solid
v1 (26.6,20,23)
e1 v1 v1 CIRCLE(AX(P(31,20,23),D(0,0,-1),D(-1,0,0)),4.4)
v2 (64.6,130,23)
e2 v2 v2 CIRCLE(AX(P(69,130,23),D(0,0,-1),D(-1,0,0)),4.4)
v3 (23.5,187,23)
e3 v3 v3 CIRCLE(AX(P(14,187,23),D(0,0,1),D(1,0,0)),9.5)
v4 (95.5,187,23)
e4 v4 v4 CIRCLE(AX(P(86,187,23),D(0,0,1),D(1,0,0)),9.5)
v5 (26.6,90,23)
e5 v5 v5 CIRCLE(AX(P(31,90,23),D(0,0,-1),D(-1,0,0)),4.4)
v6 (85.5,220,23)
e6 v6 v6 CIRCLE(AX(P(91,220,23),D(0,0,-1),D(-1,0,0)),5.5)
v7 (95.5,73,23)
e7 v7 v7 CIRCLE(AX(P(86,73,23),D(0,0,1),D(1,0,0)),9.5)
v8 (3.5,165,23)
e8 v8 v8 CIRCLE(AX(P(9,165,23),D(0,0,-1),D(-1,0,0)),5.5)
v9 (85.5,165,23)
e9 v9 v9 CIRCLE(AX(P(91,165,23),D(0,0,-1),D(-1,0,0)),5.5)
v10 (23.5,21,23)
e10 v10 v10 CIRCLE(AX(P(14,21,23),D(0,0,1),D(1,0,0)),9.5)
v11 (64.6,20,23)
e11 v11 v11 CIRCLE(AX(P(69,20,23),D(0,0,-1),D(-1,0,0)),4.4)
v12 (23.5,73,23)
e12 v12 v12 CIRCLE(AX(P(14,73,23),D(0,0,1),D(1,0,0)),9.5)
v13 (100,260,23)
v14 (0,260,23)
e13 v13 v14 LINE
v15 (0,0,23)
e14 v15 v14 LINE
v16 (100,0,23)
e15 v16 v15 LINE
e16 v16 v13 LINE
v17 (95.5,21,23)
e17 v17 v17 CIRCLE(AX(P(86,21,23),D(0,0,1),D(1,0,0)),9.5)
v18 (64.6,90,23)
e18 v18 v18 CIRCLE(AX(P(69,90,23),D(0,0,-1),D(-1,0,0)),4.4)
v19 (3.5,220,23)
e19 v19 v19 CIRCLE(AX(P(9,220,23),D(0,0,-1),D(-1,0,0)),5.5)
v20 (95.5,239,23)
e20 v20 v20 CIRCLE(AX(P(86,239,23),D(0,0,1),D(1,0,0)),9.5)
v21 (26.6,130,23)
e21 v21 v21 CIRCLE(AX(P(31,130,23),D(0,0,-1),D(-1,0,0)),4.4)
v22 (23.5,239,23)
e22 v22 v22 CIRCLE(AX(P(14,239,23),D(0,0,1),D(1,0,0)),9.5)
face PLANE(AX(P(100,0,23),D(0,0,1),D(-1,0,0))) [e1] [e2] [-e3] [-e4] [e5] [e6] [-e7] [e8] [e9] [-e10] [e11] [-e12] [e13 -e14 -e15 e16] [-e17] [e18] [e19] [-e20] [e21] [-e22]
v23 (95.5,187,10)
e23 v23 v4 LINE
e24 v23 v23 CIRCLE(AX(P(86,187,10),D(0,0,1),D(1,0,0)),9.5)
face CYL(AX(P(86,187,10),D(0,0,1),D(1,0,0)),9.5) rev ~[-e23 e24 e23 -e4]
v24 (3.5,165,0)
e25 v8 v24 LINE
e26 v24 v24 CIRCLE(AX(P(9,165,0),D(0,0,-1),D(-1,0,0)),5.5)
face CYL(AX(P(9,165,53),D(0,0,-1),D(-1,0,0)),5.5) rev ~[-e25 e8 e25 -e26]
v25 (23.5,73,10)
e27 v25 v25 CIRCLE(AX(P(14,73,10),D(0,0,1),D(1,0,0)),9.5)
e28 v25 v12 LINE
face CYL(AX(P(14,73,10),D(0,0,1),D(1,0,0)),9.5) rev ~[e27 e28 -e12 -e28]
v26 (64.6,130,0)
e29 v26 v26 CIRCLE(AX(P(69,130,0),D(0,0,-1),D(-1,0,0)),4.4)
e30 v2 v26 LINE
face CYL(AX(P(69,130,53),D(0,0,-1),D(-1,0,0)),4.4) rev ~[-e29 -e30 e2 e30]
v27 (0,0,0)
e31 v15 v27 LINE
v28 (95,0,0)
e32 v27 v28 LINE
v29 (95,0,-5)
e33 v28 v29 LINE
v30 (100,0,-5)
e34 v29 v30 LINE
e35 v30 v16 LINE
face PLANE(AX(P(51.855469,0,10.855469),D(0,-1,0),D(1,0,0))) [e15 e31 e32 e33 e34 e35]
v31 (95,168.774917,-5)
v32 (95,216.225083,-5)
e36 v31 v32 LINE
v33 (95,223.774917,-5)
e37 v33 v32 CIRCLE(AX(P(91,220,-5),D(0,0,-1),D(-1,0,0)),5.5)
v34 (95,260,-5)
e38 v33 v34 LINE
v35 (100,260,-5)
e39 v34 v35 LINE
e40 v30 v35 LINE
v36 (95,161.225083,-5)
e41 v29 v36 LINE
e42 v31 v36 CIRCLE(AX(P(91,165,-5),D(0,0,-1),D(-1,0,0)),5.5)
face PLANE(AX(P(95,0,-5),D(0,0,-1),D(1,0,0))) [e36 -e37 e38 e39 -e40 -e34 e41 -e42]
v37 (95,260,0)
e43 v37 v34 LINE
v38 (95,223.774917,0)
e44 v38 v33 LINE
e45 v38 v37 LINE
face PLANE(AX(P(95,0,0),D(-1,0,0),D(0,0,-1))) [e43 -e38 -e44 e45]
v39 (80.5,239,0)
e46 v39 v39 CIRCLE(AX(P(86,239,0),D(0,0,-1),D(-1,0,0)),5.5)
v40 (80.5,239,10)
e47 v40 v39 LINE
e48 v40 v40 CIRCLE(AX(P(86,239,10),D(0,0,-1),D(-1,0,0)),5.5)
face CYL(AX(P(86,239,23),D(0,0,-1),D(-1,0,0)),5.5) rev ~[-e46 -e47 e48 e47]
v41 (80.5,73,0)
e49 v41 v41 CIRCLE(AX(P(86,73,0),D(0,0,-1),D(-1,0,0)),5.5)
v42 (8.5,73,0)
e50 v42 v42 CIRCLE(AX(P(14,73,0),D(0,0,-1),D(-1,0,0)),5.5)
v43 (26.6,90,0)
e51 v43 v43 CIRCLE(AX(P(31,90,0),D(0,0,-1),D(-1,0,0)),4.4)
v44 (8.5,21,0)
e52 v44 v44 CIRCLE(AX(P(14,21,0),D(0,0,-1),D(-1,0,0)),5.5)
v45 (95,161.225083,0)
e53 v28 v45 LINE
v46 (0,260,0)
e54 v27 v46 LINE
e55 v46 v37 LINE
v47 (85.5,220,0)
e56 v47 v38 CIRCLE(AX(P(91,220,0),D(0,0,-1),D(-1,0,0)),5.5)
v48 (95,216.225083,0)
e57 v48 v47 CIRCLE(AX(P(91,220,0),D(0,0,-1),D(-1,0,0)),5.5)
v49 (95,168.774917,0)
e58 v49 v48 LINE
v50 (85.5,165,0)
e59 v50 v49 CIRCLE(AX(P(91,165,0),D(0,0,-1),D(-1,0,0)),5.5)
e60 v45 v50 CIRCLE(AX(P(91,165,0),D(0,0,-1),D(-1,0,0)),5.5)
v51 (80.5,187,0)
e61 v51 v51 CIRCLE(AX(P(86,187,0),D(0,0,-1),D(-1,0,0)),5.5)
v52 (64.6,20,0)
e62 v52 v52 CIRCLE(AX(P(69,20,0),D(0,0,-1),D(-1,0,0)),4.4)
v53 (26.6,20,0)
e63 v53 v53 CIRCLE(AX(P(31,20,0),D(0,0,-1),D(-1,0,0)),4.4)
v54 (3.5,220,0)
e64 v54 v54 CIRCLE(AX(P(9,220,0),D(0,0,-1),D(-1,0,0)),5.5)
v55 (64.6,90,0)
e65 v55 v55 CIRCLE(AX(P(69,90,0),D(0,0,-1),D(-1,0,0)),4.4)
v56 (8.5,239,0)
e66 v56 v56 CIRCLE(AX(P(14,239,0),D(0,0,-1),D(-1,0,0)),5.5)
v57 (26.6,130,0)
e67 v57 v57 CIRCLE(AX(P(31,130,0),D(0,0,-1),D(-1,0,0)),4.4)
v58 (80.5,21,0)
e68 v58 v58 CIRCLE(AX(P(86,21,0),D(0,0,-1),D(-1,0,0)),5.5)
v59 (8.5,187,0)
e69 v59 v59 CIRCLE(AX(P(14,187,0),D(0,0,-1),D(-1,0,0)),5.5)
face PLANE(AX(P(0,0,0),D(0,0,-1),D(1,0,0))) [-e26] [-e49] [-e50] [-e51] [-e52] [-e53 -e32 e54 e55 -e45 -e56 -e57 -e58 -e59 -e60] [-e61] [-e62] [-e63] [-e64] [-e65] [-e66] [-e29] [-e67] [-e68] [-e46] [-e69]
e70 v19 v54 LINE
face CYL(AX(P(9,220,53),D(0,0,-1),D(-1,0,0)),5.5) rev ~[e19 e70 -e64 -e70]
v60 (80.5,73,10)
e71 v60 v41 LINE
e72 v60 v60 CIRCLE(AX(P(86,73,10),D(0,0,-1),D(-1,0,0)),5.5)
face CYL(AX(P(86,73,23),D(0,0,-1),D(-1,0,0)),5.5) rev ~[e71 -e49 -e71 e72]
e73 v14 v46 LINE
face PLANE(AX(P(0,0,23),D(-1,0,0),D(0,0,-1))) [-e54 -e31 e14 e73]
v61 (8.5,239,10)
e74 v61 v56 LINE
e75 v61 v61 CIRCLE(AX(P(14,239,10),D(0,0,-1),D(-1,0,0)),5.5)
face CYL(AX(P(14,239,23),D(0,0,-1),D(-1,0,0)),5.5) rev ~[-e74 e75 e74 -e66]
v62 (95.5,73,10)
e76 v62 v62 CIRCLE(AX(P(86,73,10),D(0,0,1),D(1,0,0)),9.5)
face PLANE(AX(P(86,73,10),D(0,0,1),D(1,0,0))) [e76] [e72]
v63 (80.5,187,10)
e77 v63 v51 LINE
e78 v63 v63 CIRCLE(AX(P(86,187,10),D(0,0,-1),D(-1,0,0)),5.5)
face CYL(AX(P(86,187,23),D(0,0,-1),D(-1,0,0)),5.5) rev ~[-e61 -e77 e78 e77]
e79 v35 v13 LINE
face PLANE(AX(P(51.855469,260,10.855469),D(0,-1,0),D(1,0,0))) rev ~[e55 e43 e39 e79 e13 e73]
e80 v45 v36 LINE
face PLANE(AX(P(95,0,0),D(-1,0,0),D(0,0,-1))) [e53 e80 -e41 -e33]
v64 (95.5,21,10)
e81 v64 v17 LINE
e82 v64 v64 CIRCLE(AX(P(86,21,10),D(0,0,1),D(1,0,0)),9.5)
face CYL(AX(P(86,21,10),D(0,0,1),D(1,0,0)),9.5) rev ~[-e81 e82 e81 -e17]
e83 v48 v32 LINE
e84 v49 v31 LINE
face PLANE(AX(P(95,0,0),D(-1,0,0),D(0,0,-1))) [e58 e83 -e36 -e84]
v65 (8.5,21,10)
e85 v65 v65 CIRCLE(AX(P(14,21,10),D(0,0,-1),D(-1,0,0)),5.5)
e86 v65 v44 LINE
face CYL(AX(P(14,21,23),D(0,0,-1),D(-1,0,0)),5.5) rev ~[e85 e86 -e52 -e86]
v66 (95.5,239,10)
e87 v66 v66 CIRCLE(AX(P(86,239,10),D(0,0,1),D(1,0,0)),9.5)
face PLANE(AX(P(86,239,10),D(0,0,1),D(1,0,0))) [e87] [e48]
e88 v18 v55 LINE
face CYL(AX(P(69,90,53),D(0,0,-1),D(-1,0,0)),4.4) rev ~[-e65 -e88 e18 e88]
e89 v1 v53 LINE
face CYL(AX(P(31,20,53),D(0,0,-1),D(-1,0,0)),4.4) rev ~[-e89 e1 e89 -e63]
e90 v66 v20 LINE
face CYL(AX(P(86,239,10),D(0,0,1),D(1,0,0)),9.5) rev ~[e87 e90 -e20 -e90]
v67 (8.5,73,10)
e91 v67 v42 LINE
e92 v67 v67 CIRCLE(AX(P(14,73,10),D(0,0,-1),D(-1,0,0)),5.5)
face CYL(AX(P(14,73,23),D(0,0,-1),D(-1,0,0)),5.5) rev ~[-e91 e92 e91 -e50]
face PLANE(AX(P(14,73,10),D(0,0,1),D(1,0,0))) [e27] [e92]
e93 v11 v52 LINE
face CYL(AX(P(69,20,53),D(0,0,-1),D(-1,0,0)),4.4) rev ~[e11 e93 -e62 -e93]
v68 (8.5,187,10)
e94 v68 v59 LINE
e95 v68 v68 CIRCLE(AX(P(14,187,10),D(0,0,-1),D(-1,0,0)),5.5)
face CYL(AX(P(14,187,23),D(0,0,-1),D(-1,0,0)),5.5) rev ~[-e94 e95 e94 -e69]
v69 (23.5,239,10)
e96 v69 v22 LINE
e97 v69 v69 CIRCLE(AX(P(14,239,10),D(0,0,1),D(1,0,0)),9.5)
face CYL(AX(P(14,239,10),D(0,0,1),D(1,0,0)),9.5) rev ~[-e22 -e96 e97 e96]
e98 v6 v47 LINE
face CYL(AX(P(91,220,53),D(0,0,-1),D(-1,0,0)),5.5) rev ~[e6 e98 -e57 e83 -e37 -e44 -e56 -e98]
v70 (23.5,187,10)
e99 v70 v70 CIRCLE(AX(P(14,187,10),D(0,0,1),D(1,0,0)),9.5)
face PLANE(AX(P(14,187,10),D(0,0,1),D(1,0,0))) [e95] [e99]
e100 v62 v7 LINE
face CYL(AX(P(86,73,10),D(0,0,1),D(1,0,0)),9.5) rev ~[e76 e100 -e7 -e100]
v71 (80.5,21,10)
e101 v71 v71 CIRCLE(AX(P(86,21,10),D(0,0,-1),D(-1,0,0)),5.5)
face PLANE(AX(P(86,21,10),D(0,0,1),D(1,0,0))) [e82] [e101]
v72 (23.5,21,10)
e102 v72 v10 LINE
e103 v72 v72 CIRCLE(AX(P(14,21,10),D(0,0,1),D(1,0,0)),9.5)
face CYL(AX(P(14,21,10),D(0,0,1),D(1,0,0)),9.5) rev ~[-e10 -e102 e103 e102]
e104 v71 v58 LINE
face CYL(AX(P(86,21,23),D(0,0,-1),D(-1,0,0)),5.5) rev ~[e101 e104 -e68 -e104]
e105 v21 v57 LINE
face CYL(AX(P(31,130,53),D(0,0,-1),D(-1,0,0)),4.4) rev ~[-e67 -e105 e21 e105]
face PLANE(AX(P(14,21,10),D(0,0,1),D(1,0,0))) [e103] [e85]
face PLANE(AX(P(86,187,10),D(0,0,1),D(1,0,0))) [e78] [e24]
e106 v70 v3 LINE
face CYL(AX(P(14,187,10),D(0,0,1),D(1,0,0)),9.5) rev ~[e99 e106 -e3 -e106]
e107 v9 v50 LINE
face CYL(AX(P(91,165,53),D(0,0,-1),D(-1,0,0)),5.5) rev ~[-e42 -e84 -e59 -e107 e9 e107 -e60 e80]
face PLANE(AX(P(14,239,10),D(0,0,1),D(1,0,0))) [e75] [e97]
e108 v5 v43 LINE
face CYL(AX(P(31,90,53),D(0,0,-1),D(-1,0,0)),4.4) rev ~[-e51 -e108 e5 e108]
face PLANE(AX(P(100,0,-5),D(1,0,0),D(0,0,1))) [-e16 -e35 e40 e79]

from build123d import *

# Parameters (mm, degrees)
F1_DEPTH       = 260
F3_D           = 11
F3_DEPTH       = 30
F3_CBORE_D     = 19
F3_CBORE_DEPTH = 13
F3_TIP         = 3.3047334047
F4_D           = 8.8
F4_DEPTH       = 30
F4_TIP         = 2.6437867237
F5_D           = 11
F5_DEPTH       = 30
F5_TIP         = 3.3047334047


with BuildPart() as f1:
    # F0 (on Front) → F1 (new body)
    with BuildSketch(Plane.XZ):
        Polygon((100, 23), (0, 23), (0, 0), (95, 0), (95, -5), (100, -5), align=None)
    extrude(amount=-F1_DEPTH)

    # F3
    with Locations(Plane.XY.offset(23)):
        with Locations((14, 239), (86, 239), (14, 187), (86, 187), (86, 73), (86, 21), (14, 73), (14, 21)):
            CounterBoreHole(F3_D / 2, F3_CBORE_D / 2, F3_CBORE_DEPTH, depth=F3_DEPTH)
            with Locations((0, 0, -(F3_DEPTH + F3_TIP / 2))):  # 118° drill point
                Cone(0, F3_D / 2, F3_TIP, mode=Mode.SUBTRACT)

    # F4
    with Locations(Plane.XY.offset(23)):
        with Locations((31, 20), (69, 20), (31, 90), (69, 90), (31, 130), (69, 130)):
            Hole(F4_D / 2, depth=F4_DEPTH)
            with Locations((0, 0, -(F4_DEPTH + F4_TIP / 2))):  # 118° drill point
                Cone(0, F4_D / 2, F4_TIP, mode=Mode.SUBTRACT)

    # F5
    with Locations(Plane.XY.offset(23)):
        with Locations((9, 220), (91, 220), (91, 165), (9, 165)):
            Hole(F5_D / 2, depth=F5_DEPTH)
            with Locations((0, 0, -(F5_DEPTH + F5_TIP / 2))):  # 118° drill point
                Cone(0, F5_D / 2, F5_TIP, mode=Mode.SUBTRACT)


solid = f1.part
